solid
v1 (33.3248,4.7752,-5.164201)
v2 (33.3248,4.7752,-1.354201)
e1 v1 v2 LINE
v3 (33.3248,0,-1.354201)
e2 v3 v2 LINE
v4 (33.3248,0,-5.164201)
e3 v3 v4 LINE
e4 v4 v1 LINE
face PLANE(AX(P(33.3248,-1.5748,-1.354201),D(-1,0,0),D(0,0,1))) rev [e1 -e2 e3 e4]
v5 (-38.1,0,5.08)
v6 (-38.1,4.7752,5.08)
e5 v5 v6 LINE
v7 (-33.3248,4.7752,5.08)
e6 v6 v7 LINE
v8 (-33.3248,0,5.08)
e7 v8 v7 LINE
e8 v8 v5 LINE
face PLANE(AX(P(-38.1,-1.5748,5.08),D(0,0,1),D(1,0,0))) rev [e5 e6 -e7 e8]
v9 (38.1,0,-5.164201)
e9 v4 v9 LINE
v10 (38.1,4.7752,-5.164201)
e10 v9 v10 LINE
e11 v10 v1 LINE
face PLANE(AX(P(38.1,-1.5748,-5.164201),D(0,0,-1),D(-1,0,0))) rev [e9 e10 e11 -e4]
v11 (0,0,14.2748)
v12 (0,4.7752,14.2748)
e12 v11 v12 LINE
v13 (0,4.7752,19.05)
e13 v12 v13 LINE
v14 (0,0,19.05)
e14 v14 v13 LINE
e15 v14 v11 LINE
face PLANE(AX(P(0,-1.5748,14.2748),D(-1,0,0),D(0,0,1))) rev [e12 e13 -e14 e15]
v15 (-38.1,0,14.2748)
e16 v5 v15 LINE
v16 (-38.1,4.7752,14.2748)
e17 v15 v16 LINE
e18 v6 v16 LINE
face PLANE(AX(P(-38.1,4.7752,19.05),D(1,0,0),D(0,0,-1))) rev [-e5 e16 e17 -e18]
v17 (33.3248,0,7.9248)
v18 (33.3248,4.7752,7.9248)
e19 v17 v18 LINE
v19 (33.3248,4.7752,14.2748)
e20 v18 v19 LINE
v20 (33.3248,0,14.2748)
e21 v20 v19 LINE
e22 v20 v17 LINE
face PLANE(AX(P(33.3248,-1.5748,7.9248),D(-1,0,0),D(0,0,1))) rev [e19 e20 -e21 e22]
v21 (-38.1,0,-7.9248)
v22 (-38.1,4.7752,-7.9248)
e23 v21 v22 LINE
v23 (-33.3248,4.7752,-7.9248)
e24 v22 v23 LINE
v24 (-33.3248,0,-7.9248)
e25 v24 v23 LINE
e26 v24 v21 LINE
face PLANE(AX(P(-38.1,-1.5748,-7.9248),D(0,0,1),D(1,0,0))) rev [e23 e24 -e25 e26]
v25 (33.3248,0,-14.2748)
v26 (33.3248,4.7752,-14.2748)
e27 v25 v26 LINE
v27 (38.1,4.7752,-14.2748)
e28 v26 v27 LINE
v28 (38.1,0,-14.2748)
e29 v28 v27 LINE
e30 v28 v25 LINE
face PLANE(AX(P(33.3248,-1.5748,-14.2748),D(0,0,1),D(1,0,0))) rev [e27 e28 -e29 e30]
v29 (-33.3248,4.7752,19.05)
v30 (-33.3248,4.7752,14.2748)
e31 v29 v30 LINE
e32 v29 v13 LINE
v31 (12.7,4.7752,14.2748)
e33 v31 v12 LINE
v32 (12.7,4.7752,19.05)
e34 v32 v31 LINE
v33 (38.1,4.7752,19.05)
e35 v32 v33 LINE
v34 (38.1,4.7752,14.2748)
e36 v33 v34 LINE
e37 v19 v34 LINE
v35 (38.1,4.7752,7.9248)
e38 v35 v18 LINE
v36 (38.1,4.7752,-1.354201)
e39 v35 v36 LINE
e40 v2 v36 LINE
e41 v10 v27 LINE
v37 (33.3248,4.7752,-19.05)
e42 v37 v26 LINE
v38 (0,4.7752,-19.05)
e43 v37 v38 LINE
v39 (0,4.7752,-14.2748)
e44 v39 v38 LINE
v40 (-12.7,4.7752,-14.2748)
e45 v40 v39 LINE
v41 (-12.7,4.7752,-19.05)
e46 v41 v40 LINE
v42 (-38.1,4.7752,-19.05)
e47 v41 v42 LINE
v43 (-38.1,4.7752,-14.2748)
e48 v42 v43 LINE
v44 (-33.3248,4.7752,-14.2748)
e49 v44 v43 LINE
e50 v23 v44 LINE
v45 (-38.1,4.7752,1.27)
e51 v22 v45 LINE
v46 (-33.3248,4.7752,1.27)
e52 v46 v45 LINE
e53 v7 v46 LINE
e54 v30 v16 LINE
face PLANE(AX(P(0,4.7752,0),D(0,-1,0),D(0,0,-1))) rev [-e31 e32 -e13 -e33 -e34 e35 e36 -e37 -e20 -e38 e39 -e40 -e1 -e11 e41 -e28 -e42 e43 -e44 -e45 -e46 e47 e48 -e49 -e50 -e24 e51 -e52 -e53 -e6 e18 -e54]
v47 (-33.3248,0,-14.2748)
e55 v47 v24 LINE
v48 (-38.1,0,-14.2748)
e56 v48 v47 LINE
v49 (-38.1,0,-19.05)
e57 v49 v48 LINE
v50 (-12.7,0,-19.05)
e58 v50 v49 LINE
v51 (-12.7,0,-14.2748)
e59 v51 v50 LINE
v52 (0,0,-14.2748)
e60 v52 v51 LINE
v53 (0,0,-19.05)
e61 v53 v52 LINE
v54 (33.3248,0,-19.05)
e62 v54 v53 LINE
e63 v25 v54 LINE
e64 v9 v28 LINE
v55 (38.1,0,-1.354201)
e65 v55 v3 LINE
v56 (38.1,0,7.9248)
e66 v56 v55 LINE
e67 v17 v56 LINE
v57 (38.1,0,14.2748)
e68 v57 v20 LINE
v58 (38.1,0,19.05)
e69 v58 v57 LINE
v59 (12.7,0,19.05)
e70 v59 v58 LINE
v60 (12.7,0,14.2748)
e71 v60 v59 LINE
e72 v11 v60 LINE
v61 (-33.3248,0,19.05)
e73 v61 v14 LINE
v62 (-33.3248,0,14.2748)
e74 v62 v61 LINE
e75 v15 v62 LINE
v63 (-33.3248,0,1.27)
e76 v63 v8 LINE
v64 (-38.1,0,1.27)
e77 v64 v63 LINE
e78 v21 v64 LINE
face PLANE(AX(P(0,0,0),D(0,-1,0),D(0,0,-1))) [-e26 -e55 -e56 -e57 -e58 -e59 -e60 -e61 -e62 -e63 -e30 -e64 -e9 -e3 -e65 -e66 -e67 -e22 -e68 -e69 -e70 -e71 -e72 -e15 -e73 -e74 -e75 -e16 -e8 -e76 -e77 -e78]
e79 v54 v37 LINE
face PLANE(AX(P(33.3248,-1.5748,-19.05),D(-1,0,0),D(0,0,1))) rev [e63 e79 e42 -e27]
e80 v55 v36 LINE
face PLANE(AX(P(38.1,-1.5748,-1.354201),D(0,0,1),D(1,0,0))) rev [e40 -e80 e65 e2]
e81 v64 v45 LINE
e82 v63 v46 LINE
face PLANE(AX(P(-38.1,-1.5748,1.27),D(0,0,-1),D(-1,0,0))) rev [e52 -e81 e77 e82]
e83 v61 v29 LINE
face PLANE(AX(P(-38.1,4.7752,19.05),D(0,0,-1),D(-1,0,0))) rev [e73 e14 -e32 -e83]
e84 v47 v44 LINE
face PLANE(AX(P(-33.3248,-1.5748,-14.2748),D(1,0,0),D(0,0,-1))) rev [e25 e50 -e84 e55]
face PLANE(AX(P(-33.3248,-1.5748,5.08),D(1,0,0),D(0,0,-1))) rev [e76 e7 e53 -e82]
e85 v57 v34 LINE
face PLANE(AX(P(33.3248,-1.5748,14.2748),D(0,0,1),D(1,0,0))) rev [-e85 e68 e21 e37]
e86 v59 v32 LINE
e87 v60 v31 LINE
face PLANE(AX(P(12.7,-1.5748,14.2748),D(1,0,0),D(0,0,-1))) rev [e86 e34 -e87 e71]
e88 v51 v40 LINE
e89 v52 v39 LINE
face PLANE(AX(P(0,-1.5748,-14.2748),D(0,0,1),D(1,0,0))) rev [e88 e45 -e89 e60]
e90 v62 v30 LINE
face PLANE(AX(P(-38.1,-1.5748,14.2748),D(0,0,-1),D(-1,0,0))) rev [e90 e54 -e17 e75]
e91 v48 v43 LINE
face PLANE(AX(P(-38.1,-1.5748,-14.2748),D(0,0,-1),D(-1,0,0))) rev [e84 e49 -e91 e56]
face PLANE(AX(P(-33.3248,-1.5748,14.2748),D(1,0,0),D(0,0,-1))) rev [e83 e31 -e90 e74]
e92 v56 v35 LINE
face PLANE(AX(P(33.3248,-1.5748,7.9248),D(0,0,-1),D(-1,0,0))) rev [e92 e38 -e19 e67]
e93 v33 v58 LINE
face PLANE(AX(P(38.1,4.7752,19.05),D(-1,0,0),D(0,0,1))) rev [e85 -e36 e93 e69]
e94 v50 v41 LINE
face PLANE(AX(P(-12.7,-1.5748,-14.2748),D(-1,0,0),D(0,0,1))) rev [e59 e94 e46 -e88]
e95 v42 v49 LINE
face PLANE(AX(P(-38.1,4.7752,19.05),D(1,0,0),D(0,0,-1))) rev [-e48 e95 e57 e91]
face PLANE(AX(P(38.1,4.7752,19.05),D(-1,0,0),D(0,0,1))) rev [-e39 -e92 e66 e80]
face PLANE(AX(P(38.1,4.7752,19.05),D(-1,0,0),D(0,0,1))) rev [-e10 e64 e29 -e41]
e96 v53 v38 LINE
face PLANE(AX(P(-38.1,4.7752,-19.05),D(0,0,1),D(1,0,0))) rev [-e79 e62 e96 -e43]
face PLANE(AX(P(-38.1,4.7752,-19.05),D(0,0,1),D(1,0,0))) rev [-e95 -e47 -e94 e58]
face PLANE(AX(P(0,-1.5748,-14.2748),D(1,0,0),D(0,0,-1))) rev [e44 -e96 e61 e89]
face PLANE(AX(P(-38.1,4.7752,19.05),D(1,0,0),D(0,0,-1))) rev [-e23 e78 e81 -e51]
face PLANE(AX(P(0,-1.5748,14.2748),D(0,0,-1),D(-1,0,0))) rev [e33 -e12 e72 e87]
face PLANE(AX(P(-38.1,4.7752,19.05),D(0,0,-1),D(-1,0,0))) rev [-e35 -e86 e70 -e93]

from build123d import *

# Parameters (mm, degrees)
SKETCH2_W           = 76.2
SKETCH2_H           = 38.1
BOSS_EXTRUDE1_DEPTH = 4.7752
SKETCH3_W           = 4.7752
SKETCH3_H           = 6.35
SKETCH3_H_2         = 4.7752
SKETCH3_H_3         = 3.81
SKETCH3_W_2         = 12.7
CUT_EXTRUDE1_DEPTH  = 6.35


with BuildPart() as part:
    # Sketch2 → Boss-Extrude1 (new body)
    with BuildSketch(Plane(origin=(0, 0, 0), x_dir=(1, 0, 0), z_dir=(0, 1, 0))):
        Rectangle(SKETCH2_W, SKETCH2_H)
    extrude(amount=BOSS_EXTRUDE1_DEPTH)

    # Sketch3 → Cut-Extrude1 (cut)
    with BuildSketch(Plane(origin=(0, 4.7752, 0), x_dir=(1, 0, 0), z_dir=(0, 1, 0))):
        with Locations((-35.7124, 11.0998)):
            Rectangle(SKETCH3_W, SKETCH3_H)
        with Locations((-35.7124, -16.6624)):
            Rectangle(SKETCH3_W, SKETCH3_H_2)
        with Locations((35.7124, 16.6624)):
            Rectangle(SKETCH3_W, SKETCH3_H_2)
        with Locations((-35.7124, -3.175)):
            Rectangle(SKETCH3_W, SKETCH3_H_3)
        with Locations((35.7124, -11.0998)):
            Rectangle(SKETCH3_W, SKETCH3_H)
        with Locations((35.7124, 3.259200717)):
            Rectangle(SKETCH3_W, SKETCH3_H_3)
        with Locations((-6.35, 16.6624)):
            Rectangle(SKETCH3_W_2, SKETCH3_H_2)
        with Locations((6.35, -16.6624)):
            Rectangle(SKETCH3_W_2, SKETCH3_H_2)
    extrude(amount=-CUT_EXTRUDE1_DEPTH, mode=Mode.SUBTRACT)


solid = part.part
